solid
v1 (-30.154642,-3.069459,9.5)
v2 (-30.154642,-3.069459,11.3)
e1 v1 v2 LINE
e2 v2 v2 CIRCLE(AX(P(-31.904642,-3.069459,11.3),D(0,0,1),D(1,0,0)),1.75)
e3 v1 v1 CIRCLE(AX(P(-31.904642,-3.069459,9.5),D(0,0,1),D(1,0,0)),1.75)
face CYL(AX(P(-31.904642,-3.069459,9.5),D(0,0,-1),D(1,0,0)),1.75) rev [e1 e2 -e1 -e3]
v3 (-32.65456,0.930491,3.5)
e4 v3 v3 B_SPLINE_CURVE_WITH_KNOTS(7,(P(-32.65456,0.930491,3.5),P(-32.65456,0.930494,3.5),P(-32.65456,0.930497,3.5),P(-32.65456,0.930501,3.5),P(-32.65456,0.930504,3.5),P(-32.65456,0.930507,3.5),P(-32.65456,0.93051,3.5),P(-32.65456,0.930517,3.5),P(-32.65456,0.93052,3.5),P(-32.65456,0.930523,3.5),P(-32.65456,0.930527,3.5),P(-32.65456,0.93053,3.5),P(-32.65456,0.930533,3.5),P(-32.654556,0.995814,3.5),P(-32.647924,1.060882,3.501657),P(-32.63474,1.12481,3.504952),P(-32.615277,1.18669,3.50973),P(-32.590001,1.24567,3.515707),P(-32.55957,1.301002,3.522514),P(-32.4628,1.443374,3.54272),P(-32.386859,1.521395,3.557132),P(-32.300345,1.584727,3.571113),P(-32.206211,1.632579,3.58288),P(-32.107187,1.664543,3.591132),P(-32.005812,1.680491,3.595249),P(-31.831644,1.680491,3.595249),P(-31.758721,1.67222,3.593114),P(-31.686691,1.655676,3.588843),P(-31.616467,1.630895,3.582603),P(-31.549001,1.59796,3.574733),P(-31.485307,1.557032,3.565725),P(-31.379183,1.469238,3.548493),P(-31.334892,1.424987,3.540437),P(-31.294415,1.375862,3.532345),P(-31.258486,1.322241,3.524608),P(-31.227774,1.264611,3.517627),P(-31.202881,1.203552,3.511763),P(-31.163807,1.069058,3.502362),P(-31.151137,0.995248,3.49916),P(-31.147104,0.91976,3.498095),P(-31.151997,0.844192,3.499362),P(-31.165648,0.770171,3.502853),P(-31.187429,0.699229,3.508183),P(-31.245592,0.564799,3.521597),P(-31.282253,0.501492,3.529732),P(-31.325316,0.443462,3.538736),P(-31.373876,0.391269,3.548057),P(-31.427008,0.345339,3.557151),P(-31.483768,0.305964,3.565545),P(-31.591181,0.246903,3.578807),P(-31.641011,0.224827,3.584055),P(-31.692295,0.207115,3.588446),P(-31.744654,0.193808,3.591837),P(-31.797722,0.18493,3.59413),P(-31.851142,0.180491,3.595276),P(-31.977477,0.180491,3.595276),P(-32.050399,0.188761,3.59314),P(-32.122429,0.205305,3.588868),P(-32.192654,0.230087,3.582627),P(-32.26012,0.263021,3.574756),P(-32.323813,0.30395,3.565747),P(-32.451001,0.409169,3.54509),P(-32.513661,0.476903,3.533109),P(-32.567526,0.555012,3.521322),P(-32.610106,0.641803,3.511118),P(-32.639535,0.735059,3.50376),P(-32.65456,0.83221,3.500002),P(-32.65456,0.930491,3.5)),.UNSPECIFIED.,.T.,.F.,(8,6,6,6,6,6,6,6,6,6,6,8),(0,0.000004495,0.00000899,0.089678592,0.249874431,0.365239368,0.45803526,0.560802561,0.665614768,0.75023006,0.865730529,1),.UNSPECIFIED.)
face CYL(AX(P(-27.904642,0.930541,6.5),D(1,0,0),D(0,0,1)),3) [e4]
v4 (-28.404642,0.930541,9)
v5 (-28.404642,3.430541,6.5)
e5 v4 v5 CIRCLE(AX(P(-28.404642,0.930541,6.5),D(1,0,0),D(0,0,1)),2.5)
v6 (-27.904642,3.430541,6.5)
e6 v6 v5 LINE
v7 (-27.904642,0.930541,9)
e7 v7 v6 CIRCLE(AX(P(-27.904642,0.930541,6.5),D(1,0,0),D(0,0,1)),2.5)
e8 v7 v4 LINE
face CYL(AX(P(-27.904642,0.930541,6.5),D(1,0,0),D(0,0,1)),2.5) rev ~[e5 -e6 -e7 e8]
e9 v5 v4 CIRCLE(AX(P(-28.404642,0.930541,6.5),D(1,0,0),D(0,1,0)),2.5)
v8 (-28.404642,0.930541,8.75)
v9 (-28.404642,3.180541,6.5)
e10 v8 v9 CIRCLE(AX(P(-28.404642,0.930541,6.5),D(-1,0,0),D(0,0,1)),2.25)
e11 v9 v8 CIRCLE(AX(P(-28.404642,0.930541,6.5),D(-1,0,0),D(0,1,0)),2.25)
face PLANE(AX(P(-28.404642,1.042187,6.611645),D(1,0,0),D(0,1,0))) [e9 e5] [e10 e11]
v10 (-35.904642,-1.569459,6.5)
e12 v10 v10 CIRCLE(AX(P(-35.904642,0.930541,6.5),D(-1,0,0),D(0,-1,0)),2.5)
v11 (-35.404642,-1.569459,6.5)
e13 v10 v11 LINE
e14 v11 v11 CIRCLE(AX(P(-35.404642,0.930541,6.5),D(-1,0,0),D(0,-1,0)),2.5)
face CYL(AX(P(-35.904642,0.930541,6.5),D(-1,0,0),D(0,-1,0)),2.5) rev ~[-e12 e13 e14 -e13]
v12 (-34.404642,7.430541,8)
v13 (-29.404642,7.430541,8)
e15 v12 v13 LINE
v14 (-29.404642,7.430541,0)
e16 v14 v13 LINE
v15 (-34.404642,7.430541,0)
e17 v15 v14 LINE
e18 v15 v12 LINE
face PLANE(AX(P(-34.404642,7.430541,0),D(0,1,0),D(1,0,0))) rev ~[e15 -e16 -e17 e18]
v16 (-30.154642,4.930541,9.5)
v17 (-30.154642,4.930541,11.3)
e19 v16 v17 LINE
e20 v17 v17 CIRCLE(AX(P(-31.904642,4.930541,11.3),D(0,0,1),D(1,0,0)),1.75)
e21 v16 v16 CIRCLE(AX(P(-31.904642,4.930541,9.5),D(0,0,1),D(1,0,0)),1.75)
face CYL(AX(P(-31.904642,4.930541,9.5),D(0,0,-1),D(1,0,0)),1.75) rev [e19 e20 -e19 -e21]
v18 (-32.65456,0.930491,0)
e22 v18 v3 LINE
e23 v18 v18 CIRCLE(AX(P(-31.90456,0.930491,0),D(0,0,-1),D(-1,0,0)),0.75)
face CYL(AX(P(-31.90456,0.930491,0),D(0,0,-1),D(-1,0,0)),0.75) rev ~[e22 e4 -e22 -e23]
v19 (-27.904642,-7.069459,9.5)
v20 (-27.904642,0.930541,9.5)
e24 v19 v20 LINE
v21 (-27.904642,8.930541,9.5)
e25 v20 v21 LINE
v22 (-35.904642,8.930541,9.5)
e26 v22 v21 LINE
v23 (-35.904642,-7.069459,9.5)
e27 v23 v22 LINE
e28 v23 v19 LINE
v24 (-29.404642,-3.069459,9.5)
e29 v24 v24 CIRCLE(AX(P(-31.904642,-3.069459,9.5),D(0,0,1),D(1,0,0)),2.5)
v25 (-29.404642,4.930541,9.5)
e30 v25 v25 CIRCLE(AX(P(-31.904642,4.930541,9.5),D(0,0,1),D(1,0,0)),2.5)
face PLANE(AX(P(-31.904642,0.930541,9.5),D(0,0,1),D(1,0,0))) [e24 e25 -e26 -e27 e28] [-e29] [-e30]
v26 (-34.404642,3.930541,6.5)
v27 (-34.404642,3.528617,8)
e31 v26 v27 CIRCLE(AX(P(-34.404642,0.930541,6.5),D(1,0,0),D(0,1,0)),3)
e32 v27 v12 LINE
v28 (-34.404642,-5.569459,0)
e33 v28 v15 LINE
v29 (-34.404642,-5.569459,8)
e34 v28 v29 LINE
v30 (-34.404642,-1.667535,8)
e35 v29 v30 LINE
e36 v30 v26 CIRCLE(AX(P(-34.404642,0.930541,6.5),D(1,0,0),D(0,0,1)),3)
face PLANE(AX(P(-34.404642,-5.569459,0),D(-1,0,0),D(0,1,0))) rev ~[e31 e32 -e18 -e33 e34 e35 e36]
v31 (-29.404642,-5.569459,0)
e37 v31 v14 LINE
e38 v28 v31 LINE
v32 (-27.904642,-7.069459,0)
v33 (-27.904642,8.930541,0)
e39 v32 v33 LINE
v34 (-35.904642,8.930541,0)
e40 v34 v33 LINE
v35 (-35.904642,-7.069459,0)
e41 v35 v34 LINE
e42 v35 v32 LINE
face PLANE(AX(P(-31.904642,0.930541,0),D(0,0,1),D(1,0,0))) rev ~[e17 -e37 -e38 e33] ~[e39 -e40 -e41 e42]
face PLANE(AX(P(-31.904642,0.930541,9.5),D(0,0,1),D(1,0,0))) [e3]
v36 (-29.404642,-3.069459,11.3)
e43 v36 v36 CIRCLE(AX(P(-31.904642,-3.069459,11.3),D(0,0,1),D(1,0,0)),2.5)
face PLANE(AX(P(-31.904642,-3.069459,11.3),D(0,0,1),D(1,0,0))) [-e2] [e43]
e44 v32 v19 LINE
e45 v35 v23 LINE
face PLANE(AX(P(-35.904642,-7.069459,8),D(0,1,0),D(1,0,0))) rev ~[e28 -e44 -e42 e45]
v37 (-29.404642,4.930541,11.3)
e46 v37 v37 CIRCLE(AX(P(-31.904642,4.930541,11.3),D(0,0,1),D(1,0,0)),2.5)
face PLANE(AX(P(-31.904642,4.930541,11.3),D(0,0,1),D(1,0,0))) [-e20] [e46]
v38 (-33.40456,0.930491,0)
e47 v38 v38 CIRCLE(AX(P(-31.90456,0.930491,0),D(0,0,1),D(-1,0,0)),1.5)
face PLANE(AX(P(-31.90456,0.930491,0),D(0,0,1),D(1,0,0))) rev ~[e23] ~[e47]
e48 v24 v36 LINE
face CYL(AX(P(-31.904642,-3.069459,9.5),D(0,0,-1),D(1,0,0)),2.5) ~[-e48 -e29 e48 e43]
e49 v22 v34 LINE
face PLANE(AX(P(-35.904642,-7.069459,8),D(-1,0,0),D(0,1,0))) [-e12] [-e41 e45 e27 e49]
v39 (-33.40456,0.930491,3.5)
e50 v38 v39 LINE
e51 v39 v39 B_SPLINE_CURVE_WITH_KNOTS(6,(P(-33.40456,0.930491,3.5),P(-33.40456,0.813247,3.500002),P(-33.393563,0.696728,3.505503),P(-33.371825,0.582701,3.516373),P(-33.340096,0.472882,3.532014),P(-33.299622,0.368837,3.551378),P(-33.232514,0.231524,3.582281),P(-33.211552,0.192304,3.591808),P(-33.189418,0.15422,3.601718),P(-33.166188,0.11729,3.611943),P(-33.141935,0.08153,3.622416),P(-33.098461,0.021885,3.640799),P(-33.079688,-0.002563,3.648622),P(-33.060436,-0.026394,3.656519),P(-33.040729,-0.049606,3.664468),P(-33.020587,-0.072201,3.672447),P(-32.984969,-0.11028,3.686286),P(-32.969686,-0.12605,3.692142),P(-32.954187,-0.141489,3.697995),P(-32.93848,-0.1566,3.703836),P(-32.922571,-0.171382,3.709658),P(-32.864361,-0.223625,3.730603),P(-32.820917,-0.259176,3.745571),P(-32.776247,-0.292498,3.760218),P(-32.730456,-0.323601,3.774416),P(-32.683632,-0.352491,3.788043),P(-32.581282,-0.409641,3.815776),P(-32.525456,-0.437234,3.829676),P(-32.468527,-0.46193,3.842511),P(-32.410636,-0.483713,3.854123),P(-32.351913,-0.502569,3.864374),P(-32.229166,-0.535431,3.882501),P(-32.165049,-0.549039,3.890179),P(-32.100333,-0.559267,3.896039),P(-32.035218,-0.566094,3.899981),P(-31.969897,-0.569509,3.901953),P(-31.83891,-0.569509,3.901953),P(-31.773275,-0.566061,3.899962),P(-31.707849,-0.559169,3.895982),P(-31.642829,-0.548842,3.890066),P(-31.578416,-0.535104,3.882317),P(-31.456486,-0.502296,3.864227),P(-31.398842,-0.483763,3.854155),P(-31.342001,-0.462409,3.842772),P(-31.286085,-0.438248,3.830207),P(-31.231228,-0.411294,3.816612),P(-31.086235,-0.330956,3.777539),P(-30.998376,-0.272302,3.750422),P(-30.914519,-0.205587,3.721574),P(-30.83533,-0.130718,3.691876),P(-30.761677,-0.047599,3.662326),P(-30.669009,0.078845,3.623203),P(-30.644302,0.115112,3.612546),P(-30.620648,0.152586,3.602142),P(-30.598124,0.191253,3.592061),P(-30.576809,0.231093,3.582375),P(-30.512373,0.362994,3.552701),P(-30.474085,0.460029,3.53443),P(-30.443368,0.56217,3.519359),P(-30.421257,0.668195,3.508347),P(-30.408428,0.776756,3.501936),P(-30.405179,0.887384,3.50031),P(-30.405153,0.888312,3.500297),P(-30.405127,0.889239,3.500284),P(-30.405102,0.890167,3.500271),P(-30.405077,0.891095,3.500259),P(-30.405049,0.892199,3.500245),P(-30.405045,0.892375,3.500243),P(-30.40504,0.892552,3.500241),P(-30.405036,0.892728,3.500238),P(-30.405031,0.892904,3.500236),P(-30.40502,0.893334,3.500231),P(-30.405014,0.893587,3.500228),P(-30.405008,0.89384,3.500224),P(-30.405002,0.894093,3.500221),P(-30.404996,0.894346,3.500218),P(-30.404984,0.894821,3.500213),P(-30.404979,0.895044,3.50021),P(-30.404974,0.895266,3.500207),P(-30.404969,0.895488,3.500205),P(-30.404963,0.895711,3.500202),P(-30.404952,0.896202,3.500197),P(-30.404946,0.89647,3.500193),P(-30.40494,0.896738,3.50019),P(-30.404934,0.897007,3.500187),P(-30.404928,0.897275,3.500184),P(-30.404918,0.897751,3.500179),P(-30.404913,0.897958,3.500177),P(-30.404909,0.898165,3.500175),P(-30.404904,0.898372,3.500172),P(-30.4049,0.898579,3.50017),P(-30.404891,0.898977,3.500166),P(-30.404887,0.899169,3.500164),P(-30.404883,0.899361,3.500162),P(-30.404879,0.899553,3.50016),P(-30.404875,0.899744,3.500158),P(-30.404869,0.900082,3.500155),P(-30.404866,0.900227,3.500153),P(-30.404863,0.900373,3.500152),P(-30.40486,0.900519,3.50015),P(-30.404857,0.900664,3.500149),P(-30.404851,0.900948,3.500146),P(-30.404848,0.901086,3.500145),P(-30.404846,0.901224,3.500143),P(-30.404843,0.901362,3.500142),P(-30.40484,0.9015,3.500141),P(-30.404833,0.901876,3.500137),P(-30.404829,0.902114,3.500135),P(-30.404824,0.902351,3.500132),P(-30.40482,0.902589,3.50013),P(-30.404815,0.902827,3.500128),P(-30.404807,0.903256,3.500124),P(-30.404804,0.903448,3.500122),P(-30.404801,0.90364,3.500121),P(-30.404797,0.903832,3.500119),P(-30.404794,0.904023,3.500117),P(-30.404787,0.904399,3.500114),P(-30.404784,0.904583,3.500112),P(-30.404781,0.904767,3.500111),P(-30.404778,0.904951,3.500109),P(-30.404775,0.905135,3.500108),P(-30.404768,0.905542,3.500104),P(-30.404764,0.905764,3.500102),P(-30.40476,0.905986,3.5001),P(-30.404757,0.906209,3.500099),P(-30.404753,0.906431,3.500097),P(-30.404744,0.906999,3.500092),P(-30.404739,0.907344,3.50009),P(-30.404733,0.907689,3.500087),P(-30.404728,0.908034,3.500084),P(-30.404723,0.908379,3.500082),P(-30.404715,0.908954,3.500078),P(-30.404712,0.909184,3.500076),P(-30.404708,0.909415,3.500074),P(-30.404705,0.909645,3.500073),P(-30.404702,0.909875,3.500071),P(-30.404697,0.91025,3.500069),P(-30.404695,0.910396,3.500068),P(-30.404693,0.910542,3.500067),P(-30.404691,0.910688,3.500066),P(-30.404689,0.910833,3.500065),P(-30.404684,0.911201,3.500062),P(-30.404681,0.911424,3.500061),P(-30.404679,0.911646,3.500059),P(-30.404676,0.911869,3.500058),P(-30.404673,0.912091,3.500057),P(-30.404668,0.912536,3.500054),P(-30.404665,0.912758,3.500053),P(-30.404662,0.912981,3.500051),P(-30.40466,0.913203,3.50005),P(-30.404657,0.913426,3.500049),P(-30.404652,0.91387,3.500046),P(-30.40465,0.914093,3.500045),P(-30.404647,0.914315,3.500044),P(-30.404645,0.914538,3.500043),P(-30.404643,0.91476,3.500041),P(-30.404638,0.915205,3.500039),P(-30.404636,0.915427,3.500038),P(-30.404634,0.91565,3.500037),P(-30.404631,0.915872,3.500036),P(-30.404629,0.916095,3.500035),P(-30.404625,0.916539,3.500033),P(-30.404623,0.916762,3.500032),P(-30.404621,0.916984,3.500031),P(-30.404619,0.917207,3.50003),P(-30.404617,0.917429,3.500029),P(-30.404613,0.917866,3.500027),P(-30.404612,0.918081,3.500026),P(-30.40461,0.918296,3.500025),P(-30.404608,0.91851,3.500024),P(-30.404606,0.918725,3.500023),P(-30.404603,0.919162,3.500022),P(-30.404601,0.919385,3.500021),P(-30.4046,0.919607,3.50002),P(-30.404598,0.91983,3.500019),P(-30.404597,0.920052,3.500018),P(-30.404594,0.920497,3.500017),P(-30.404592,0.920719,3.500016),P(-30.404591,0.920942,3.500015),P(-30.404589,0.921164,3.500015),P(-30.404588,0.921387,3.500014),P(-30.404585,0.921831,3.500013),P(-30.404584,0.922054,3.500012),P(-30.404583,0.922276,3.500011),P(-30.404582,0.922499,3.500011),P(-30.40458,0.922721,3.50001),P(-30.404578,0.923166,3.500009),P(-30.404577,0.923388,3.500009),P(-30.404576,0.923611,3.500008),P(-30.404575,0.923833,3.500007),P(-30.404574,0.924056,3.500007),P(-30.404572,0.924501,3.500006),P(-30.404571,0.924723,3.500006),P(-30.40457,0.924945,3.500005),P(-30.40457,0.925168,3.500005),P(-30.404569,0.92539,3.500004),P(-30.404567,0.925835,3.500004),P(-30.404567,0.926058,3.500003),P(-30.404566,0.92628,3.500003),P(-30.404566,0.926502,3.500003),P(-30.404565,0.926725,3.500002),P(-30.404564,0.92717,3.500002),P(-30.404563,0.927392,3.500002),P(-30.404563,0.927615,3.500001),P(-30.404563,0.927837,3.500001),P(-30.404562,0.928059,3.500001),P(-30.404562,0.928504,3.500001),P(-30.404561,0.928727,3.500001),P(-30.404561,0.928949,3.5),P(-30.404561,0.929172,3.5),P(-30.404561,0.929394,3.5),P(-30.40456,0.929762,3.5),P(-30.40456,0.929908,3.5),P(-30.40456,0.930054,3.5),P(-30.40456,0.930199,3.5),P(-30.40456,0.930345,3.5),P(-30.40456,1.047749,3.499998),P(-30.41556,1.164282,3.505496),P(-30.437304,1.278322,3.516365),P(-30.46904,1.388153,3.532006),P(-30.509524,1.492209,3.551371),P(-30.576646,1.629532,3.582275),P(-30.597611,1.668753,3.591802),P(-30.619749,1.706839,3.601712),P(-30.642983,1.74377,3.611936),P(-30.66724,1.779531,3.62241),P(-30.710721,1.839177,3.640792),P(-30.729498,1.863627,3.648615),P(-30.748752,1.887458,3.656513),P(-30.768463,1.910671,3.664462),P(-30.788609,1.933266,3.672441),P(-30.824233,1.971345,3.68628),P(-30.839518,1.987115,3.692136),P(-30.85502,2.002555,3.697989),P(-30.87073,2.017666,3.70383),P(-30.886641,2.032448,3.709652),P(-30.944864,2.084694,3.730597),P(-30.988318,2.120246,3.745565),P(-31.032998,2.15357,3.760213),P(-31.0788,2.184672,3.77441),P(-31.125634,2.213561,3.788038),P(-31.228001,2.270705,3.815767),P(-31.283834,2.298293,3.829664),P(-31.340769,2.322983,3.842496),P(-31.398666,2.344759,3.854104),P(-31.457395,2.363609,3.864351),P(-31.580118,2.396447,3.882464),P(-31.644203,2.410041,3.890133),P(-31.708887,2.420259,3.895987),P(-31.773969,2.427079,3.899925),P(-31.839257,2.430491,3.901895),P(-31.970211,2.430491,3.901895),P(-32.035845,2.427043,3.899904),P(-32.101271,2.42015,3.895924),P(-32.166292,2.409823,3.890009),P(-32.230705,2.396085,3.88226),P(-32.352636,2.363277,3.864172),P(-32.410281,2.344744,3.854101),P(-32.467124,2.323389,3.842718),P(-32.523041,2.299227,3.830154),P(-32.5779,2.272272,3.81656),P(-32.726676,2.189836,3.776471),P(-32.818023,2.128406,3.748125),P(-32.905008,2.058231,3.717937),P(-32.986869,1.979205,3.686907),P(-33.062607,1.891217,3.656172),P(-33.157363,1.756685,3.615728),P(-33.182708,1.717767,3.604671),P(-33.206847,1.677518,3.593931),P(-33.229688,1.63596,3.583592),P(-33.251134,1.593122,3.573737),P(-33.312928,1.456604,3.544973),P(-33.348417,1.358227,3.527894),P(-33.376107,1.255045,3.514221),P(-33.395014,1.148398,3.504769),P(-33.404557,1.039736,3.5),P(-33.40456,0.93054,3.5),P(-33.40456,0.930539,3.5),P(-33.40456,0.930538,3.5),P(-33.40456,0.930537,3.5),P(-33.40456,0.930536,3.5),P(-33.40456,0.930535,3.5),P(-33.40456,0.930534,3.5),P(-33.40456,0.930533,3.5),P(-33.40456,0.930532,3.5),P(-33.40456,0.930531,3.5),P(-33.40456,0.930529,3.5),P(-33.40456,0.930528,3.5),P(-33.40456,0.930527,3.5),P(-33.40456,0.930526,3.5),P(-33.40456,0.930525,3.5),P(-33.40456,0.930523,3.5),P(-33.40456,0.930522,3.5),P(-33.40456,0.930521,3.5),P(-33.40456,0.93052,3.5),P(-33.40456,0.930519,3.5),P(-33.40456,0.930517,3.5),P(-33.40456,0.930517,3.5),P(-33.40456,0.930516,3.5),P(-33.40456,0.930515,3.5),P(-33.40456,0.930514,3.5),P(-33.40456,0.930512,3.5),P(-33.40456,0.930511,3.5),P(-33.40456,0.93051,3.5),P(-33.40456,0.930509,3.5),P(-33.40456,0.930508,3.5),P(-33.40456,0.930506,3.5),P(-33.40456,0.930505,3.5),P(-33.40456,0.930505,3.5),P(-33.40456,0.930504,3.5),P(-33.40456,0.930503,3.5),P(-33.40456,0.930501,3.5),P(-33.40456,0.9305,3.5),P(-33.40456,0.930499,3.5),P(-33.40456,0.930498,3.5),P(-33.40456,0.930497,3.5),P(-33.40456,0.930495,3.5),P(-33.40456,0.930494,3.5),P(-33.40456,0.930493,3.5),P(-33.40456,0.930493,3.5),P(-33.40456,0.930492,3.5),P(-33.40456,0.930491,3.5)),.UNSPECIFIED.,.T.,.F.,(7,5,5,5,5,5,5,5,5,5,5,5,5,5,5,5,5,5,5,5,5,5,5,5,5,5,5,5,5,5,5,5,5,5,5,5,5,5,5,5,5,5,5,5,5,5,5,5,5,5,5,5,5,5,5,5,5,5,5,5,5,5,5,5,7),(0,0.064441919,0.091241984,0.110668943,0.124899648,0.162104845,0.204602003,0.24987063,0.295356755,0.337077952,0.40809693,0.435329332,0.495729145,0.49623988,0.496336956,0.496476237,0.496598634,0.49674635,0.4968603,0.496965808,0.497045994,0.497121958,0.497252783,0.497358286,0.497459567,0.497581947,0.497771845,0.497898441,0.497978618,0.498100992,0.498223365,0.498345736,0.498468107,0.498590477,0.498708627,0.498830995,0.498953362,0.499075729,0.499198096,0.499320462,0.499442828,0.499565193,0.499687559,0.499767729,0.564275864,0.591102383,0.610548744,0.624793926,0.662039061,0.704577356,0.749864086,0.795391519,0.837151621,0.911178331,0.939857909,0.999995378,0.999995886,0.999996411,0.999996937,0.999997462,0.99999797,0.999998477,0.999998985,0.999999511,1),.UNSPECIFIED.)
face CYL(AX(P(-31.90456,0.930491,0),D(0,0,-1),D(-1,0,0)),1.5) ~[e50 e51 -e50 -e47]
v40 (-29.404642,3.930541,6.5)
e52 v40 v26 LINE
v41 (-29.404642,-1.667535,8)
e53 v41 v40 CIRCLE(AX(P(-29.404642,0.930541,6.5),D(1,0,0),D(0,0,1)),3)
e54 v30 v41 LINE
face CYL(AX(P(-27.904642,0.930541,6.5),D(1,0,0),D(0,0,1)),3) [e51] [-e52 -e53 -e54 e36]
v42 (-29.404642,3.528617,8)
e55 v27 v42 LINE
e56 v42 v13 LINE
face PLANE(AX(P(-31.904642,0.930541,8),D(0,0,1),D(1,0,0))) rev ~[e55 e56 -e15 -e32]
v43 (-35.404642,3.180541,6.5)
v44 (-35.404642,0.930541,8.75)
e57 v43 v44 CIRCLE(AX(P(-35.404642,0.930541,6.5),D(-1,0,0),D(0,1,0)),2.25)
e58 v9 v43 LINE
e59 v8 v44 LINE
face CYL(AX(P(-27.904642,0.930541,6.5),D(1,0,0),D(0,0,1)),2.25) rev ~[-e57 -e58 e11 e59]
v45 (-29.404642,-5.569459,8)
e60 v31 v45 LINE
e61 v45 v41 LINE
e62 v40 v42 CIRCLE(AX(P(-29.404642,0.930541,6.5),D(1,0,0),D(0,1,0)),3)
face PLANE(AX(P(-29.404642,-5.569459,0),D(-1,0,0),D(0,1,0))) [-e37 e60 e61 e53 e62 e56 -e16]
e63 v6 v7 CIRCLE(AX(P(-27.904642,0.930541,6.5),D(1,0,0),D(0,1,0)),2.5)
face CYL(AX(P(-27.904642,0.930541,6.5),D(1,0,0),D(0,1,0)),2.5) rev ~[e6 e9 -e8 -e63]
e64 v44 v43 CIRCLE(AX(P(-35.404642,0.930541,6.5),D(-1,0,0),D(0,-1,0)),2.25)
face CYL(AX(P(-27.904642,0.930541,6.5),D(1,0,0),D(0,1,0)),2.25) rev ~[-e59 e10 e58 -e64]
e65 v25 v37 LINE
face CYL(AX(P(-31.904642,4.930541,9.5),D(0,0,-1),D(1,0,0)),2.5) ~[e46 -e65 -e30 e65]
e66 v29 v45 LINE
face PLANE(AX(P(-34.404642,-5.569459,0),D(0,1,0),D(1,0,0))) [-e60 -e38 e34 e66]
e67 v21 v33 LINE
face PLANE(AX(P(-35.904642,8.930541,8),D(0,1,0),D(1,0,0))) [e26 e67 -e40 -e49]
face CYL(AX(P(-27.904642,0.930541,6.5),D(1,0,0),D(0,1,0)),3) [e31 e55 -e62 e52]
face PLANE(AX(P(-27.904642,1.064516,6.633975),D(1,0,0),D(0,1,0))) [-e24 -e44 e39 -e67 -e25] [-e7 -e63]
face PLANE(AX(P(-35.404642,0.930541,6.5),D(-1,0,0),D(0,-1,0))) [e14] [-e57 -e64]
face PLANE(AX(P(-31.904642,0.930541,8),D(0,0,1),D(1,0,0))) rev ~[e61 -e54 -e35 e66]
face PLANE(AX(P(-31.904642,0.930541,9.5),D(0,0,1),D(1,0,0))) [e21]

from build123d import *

# Parameters (mm, degrees)
F1_W      = 8
F1_H      = 16
F1_W_2    = 5
F1_H_2    = 13
F2_DEPTH  = 8
F3_W      = 8
F3_H      = 16
F3_W_2    = 5
F3_H_2    = 13
F4_DEPTH  = 1.5
F5_R      = 2.5
F5_R_2    = 1.75
F6_DEPTH  = 1.8
F8_DEPTH  = 7.9
F10_DEPTH = 25
F11_DEPTH = 0.5
F12_R     = 2.5
F12_R_2   = 2.25
F13_DEPTH = 0.5
F15_DEPTH = 4.2


with BuildPart() as f2:
    # F1 (on face) → F2 (new body)
    with BuildSketch(Plane.XY):
        with Locations((-31.9046421945, 0.9305412807)):
            Rectangle(F1_W, F1_H)
        with Locations((-31.9046421945, 0.9305412807)):
            Rectangle(F1_W_2, F1_H_2, mode=Mode.SUBTRACT)
    extrude(amount=F2_DEPTH)

    # F3 (on face) → F4 (join)
    with BuildSketch(Plane.XY.offset(8)):
        with Locations((-31.9046421945, 0.9305412807)):
            Rectangle(F3_W, F3_H)
        with Locations((-31.9046421945, 0.9305412807)):
            Rectangle(F3_W_2, F3_H_2, mode=Mode.SUBTRACT)
        with Locations((-31.9046421945, 0.9305412807)):
            Rectangle(F3_W_2, F3_H_2)
    extrude(amount=F4_DEPTH)

    # F5 (on face) → F6 (join)
    with BuildSketch(Plane.XY.offset(9.5)):
        with Locations((-31.9046421945, -3.0694587193)):
            Circle(F5_R)
        with Locations((-31.9046421945, -3.0694587193)):
            Circle(F5_R_2, mode=Mode.SUBTRACT)
        with Locations((-31.9046421945, 4.9305412807)):
            Circle(F5_R)
        with Locations((-31.9046421945, 4.9305412807)):
            Circle(F5_R_2, mode=Mode.SUBTRACT)
    extrude(amount=F6_DEPTH)

    # F7 (on face) → F8 (join)
    with BuildSketch(Plane.YZ.offset(-27.9046421945)):
        with BuildLine():
            ThreePointArc((0.9305412807, 9.5), (-1.1907790629, 4.3786796564), (3.9305412807, 6.5))
            ThreePointArc((3.9305412807, 6.5), (3.0518616242, 8.6213203436), (0.9305412807, 9.5))
        make_face()
    extrude(amount=-F8_DEPTH)

    # F9 (on face) → F10 (cut)
    with BuildSketch(Plane.YZ.offset(-27.9046421945)):
        with BuildLine():
            ThreePointArc((3.1805412807, 6.5), (2.5215315383, 8.0909902577), (0.9305412807, 8.75))
            ThreePointArc((0.9305412807, 8.75), (-0.660448977, 4.9090097423), (3.1805412807, 6.5))
        make_face()
    extrude(amount=-F10_DEPTH, mode=Mode.SUBTRACT)

    # F9 (on face) → F11 (cut)
    with BuildSketch(Plane.YZ.offset(-27.9046421945)):
        with BuildLine():
            ThreePointArc((0.9305412807, 9), (-0.8372256723, 4.732233047), (3.4305412807, 6.5))
            ThreePointArc((3.4305412807, 6.5), (2.6983082336, 8.267766953), (0.9305412807, 9))
        make_face()
        with BuildLine():
            ThreePointArc((3.1805412807, 6.5), (-0.660448977, 4.9090097423), (0.9305412807, 8.75))
            ThreePointArc((0.9305412807, 8.75), (2.5215315383, 8.0909902577), (3.1805412807, 6.5))
        make_face(mode=Mode.SUBTRACT)
    extrude(amount=-F11_DEPTH, mode=Mode.SUBTRACT)

    # F12 (on face) → F13 (cut)
    with BuildSketch(Plane(origin=(-35.9046421945, 0, 0), x_dir=(0, -1, 0), z_dir=(-1, 0, 0))):
        with Locations((-0.9305412807, 6.5)):
            Circle(F12_R)
        with Locations((-0.9305412807, 6.5)):
            Circle(F12_R_2, mode=Mode.SUBTRACT)
    extrude(amount=-F13_DEPTH, mode=Mode.SUBTRACT)

    # F14 (on Top) → F15 (join)
    with BuildSketch(Plane.XY):
        with BuildLine():
            ThreePointArc((-30.4045602381, 0.9304907289), (-31.9045602381, 2.4304907289), (-33.4045602381, 0.9304907289))
            ThreePointArc((-33.4045602381, 0.9304907289), (-31.9045602381, -0.5695092711), (-30.4045602381, 0.9304907289))
        make_face()
        with BuildLine():
            ThreePointArc((-31.1545602381, 0.9304907289), (-31.9045602381, 0.1804907289), (-32.6545602381, 0.9304907289))
            ThreePointArc((-32.6545602381, 0.9304907289), (-31.9045602381, 1.6804907289), (-31.1545602381, 0.9304907289))
        make_face(mode=Mode.SUBTRACT)
    extrude(amount=F15_DEPTH)


solid = f2.part
